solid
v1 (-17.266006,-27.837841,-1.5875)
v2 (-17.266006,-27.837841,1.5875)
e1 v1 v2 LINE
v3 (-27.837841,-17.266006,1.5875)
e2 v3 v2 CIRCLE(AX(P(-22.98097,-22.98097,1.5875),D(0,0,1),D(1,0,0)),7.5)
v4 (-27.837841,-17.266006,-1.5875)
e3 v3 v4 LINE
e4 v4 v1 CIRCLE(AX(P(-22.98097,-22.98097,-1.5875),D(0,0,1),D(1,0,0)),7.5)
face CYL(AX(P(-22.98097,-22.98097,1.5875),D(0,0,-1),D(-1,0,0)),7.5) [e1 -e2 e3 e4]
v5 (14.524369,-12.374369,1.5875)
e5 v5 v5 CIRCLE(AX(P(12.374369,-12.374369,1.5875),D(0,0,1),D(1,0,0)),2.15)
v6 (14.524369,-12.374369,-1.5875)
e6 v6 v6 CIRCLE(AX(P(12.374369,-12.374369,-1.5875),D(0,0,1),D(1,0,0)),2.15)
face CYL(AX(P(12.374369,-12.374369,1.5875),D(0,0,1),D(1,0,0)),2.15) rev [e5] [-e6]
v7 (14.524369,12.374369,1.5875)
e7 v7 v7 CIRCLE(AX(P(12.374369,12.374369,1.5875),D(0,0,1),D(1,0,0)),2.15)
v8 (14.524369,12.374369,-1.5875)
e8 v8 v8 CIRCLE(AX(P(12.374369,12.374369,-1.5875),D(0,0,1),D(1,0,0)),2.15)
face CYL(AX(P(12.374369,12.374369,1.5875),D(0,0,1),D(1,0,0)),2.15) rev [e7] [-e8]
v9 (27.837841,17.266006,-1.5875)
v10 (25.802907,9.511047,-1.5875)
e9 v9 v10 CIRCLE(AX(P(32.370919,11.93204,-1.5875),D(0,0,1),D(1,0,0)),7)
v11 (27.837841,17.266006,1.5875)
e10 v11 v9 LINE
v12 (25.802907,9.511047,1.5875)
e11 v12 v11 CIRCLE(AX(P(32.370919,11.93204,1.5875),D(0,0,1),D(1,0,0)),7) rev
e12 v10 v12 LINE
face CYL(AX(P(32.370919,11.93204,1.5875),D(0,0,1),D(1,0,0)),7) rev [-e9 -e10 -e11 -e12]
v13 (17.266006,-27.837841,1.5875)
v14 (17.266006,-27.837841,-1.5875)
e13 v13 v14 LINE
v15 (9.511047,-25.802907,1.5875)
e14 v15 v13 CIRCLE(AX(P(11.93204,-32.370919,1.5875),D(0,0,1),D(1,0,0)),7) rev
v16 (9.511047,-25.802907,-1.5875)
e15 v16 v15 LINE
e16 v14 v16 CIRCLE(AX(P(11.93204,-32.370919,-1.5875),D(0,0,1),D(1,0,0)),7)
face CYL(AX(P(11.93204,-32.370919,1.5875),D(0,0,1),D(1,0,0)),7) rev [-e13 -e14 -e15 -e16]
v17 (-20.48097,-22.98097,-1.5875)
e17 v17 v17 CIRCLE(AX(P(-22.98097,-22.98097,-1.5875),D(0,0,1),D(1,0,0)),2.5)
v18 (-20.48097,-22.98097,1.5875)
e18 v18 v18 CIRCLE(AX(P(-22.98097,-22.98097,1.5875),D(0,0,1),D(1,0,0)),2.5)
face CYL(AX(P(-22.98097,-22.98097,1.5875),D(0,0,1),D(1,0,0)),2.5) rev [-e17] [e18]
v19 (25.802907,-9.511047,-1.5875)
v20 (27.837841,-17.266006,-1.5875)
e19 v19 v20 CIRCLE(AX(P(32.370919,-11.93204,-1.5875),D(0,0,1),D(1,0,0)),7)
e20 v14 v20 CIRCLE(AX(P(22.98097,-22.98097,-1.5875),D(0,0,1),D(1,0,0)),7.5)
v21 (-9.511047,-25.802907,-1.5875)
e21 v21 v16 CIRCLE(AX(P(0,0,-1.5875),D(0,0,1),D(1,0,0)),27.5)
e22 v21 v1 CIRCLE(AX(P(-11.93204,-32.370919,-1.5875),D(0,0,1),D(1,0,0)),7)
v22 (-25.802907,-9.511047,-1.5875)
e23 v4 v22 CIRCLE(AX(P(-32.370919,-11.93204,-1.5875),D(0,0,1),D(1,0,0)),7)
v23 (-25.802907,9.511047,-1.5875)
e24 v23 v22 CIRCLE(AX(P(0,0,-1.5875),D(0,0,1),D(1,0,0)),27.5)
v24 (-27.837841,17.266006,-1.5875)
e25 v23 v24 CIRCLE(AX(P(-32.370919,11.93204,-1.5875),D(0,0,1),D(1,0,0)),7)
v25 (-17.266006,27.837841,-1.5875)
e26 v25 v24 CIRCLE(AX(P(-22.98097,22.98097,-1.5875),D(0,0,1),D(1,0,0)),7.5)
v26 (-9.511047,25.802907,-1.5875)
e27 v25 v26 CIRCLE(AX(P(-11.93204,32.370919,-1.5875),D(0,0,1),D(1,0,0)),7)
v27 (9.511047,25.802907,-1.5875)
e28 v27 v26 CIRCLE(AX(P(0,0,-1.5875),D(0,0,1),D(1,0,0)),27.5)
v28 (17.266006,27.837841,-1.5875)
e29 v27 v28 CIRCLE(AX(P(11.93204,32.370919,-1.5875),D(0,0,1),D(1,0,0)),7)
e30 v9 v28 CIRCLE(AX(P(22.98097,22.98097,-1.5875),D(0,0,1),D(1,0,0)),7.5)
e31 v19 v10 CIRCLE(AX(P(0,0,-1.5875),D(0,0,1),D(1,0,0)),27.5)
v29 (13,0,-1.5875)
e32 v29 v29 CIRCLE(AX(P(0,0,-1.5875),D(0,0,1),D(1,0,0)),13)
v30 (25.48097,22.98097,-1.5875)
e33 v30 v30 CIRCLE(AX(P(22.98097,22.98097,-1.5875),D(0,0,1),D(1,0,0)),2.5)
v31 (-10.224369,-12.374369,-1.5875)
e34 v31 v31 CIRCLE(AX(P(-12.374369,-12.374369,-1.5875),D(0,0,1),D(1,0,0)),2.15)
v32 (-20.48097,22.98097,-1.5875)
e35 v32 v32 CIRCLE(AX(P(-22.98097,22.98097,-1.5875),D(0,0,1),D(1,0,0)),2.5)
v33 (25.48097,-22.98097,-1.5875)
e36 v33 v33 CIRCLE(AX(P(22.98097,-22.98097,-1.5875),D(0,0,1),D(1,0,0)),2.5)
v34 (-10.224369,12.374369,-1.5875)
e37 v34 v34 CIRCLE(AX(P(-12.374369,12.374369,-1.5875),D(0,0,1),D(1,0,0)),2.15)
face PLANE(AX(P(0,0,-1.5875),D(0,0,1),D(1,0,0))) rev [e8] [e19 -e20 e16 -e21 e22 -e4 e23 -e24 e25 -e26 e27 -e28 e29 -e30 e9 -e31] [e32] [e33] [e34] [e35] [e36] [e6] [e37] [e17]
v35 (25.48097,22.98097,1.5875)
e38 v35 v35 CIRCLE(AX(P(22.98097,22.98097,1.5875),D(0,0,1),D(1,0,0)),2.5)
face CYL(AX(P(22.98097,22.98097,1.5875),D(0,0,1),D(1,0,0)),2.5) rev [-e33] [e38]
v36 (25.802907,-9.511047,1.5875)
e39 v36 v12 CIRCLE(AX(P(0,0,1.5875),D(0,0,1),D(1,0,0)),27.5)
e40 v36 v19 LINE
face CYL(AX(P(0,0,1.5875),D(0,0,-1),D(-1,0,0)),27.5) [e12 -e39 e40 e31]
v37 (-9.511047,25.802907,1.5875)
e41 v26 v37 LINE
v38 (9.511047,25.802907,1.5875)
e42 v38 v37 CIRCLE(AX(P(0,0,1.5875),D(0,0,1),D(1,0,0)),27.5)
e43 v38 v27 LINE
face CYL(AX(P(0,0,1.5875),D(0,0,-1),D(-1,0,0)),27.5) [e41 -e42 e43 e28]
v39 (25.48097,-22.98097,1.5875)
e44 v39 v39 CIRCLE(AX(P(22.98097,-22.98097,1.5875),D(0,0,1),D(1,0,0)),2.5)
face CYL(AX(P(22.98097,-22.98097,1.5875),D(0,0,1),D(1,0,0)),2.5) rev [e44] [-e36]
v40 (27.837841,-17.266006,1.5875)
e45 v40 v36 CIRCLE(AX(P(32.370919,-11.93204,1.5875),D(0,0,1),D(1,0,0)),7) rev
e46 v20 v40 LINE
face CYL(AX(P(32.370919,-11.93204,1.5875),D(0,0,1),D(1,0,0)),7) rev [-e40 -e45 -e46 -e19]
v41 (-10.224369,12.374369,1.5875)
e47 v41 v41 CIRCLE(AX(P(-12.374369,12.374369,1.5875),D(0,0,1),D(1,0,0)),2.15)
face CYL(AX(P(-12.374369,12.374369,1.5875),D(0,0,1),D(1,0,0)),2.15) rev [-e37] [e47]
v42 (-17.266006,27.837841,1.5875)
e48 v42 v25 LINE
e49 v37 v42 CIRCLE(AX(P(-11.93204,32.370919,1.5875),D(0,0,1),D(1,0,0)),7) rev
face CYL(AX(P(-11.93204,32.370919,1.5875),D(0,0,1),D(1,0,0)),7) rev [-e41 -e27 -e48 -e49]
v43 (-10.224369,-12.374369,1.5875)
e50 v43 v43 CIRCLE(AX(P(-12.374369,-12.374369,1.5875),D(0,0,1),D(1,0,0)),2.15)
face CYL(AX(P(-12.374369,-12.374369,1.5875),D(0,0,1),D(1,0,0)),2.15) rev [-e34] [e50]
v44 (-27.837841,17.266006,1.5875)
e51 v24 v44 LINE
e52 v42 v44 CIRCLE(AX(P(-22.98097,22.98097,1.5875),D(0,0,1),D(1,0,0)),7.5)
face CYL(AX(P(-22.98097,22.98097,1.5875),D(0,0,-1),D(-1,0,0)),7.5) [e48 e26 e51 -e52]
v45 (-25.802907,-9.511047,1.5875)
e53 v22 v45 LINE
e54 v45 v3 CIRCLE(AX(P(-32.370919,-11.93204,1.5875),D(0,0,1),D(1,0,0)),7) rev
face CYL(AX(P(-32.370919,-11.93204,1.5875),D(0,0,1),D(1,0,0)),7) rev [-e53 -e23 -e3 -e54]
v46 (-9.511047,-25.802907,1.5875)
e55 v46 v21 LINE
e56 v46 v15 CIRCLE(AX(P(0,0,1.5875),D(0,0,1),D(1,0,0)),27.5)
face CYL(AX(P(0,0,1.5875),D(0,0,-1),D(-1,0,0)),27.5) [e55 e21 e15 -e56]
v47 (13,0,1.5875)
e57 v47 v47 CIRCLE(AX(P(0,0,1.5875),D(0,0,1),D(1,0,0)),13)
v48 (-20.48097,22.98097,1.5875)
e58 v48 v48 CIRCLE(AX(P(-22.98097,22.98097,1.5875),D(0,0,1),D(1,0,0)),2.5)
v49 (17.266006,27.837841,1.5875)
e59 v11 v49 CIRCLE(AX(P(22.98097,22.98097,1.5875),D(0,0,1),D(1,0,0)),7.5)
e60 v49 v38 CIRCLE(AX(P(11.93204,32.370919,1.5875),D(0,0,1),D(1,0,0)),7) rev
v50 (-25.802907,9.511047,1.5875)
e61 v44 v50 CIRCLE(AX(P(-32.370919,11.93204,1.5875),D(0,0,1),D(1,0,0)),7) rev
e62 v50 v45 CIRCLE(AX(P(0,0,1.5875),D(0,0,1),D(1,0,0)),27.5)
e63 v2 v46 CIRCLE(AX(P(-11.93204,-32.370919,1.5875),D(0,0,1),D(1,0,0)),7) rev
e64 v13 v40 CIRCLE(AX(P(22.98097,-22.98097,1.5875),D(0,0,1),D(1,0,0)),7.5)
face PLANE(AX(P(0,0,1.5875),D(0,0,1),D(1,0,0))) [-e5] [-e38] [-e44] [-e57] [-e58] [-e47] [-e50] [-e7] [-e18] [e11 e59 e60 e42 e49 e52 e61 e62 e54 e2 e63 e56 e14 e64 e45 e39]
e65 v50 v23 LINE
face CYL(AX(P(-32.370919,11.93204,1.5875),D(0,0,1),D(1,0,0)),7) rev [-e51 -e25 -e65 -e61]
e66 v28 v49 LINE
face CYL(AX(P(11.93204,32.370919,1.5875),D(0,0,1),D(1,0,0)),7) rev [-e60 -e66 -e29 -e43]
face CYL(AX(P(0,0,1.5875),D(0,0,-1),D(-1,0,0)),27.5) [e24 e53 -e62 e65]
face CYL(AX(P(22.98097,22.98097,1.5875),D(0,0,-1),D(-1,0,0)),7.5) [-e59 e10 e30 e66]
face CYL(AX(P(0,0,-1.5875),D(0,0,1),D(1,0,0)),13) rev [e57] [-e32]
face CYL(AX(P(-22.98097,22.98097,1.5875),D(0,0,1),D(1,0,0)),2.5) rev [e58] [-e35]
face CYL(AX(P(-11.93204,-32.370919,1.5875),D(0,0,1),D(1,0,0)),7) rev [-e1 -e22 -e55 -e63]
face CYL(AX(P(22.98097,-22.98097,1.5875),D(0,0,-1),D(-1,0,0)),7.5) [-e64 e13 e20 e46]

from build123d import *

# Parameters (mm, degrees)
SKETCH1_R                             = 7.5
SKETCH1_R_2                           = 27.5
F_125_IN_SHEET_DEPTH                  = 1.5875
FILLET1_R                             = 7
SKETCH2_R                             = 13
CUT_EXTRUDE1_DEPTH                    = 44.223370409
M4_CLEARANCE_HOLE1_D                  = 4.3
F_5_0_REAMED_OVER_FOR_SHOULDER_BOLT_D = 5


with BuildPart() as part:
    # Sketch1 → .125 in sheet (new, symmetric)
    with BuildSketch(Plane.XY):
        with Locations((22.980970389, 22.980970389)):
            Circle(SKETCH1_R)
        Circle(SKETCH1_R_2)
        with Locations((-22.980970389, 22.980970389)):
            Circle(SKETCH1_R)
        with Locations((-22.980970389, -22.980970389)):
            Circle(SKETCH1_R)
        with Locations((22.980970389, -22.980970389)):
            Circle(SKETCH1_R)
    extrude(amount=F_125_IN_SHEET_DEPTH, both=True)

    # Fillet1
    fillet1_edges = [part.edges().sort_by_distance(p)[0] for p in [
        (15.485317723, -22.725644876, 0),
        (-15.485317723, -22.725644876, 0),
        (-22.725644876, -15.485317723, 0),
        (-22.725644876, 15.485317723, 0),
        (-15.485317723, 22.725644876, 0),
        (15.485317723, 22.725644876, 0),
        (22.725644876, 15.485317723, 0),
        (22.725644876, -15.485317723, 0),
    ]]
    fillet(fillet1_edges, radius=FILLET1_R)

    # Sketch2 → Cut-Extrude1 (cut, through all)
    with BuildSketch(Plane.XY.offset(1.5875)):
        Circle(SKETCH2_R)
    extrude(amount=-CUT_EXTRUDE1_DEPTH, mode=Mode.SUBTRACT)

    # M4 Clearance Hole1 (through all)
    with Locations(Plane.XY.offset(1.5875)):
        with Locations((-12.374368671, 12.374368671), (12.374368671, 12.374368671), (12.374368671, -12.374368671), (-12.374368671, -12.374368671)):
            Hole(M4_CLEARANCE_HOLE1_D / 2)

    # Ø5.0 Reamed over for shoulder bolt (through all)
    with Locations(Plane.XY.offset(1.5875)):
        with Locations((-22.980970389, 22.980970389), (22.980970389, 22.980970389), (22.980970389, -22.980970389), (-22.980970389, -22.980970389)):
            Hole(F_5_0_REAMED_OVER_FOR_SHOULDER_BOLT_D / 2)


solid = part.part
